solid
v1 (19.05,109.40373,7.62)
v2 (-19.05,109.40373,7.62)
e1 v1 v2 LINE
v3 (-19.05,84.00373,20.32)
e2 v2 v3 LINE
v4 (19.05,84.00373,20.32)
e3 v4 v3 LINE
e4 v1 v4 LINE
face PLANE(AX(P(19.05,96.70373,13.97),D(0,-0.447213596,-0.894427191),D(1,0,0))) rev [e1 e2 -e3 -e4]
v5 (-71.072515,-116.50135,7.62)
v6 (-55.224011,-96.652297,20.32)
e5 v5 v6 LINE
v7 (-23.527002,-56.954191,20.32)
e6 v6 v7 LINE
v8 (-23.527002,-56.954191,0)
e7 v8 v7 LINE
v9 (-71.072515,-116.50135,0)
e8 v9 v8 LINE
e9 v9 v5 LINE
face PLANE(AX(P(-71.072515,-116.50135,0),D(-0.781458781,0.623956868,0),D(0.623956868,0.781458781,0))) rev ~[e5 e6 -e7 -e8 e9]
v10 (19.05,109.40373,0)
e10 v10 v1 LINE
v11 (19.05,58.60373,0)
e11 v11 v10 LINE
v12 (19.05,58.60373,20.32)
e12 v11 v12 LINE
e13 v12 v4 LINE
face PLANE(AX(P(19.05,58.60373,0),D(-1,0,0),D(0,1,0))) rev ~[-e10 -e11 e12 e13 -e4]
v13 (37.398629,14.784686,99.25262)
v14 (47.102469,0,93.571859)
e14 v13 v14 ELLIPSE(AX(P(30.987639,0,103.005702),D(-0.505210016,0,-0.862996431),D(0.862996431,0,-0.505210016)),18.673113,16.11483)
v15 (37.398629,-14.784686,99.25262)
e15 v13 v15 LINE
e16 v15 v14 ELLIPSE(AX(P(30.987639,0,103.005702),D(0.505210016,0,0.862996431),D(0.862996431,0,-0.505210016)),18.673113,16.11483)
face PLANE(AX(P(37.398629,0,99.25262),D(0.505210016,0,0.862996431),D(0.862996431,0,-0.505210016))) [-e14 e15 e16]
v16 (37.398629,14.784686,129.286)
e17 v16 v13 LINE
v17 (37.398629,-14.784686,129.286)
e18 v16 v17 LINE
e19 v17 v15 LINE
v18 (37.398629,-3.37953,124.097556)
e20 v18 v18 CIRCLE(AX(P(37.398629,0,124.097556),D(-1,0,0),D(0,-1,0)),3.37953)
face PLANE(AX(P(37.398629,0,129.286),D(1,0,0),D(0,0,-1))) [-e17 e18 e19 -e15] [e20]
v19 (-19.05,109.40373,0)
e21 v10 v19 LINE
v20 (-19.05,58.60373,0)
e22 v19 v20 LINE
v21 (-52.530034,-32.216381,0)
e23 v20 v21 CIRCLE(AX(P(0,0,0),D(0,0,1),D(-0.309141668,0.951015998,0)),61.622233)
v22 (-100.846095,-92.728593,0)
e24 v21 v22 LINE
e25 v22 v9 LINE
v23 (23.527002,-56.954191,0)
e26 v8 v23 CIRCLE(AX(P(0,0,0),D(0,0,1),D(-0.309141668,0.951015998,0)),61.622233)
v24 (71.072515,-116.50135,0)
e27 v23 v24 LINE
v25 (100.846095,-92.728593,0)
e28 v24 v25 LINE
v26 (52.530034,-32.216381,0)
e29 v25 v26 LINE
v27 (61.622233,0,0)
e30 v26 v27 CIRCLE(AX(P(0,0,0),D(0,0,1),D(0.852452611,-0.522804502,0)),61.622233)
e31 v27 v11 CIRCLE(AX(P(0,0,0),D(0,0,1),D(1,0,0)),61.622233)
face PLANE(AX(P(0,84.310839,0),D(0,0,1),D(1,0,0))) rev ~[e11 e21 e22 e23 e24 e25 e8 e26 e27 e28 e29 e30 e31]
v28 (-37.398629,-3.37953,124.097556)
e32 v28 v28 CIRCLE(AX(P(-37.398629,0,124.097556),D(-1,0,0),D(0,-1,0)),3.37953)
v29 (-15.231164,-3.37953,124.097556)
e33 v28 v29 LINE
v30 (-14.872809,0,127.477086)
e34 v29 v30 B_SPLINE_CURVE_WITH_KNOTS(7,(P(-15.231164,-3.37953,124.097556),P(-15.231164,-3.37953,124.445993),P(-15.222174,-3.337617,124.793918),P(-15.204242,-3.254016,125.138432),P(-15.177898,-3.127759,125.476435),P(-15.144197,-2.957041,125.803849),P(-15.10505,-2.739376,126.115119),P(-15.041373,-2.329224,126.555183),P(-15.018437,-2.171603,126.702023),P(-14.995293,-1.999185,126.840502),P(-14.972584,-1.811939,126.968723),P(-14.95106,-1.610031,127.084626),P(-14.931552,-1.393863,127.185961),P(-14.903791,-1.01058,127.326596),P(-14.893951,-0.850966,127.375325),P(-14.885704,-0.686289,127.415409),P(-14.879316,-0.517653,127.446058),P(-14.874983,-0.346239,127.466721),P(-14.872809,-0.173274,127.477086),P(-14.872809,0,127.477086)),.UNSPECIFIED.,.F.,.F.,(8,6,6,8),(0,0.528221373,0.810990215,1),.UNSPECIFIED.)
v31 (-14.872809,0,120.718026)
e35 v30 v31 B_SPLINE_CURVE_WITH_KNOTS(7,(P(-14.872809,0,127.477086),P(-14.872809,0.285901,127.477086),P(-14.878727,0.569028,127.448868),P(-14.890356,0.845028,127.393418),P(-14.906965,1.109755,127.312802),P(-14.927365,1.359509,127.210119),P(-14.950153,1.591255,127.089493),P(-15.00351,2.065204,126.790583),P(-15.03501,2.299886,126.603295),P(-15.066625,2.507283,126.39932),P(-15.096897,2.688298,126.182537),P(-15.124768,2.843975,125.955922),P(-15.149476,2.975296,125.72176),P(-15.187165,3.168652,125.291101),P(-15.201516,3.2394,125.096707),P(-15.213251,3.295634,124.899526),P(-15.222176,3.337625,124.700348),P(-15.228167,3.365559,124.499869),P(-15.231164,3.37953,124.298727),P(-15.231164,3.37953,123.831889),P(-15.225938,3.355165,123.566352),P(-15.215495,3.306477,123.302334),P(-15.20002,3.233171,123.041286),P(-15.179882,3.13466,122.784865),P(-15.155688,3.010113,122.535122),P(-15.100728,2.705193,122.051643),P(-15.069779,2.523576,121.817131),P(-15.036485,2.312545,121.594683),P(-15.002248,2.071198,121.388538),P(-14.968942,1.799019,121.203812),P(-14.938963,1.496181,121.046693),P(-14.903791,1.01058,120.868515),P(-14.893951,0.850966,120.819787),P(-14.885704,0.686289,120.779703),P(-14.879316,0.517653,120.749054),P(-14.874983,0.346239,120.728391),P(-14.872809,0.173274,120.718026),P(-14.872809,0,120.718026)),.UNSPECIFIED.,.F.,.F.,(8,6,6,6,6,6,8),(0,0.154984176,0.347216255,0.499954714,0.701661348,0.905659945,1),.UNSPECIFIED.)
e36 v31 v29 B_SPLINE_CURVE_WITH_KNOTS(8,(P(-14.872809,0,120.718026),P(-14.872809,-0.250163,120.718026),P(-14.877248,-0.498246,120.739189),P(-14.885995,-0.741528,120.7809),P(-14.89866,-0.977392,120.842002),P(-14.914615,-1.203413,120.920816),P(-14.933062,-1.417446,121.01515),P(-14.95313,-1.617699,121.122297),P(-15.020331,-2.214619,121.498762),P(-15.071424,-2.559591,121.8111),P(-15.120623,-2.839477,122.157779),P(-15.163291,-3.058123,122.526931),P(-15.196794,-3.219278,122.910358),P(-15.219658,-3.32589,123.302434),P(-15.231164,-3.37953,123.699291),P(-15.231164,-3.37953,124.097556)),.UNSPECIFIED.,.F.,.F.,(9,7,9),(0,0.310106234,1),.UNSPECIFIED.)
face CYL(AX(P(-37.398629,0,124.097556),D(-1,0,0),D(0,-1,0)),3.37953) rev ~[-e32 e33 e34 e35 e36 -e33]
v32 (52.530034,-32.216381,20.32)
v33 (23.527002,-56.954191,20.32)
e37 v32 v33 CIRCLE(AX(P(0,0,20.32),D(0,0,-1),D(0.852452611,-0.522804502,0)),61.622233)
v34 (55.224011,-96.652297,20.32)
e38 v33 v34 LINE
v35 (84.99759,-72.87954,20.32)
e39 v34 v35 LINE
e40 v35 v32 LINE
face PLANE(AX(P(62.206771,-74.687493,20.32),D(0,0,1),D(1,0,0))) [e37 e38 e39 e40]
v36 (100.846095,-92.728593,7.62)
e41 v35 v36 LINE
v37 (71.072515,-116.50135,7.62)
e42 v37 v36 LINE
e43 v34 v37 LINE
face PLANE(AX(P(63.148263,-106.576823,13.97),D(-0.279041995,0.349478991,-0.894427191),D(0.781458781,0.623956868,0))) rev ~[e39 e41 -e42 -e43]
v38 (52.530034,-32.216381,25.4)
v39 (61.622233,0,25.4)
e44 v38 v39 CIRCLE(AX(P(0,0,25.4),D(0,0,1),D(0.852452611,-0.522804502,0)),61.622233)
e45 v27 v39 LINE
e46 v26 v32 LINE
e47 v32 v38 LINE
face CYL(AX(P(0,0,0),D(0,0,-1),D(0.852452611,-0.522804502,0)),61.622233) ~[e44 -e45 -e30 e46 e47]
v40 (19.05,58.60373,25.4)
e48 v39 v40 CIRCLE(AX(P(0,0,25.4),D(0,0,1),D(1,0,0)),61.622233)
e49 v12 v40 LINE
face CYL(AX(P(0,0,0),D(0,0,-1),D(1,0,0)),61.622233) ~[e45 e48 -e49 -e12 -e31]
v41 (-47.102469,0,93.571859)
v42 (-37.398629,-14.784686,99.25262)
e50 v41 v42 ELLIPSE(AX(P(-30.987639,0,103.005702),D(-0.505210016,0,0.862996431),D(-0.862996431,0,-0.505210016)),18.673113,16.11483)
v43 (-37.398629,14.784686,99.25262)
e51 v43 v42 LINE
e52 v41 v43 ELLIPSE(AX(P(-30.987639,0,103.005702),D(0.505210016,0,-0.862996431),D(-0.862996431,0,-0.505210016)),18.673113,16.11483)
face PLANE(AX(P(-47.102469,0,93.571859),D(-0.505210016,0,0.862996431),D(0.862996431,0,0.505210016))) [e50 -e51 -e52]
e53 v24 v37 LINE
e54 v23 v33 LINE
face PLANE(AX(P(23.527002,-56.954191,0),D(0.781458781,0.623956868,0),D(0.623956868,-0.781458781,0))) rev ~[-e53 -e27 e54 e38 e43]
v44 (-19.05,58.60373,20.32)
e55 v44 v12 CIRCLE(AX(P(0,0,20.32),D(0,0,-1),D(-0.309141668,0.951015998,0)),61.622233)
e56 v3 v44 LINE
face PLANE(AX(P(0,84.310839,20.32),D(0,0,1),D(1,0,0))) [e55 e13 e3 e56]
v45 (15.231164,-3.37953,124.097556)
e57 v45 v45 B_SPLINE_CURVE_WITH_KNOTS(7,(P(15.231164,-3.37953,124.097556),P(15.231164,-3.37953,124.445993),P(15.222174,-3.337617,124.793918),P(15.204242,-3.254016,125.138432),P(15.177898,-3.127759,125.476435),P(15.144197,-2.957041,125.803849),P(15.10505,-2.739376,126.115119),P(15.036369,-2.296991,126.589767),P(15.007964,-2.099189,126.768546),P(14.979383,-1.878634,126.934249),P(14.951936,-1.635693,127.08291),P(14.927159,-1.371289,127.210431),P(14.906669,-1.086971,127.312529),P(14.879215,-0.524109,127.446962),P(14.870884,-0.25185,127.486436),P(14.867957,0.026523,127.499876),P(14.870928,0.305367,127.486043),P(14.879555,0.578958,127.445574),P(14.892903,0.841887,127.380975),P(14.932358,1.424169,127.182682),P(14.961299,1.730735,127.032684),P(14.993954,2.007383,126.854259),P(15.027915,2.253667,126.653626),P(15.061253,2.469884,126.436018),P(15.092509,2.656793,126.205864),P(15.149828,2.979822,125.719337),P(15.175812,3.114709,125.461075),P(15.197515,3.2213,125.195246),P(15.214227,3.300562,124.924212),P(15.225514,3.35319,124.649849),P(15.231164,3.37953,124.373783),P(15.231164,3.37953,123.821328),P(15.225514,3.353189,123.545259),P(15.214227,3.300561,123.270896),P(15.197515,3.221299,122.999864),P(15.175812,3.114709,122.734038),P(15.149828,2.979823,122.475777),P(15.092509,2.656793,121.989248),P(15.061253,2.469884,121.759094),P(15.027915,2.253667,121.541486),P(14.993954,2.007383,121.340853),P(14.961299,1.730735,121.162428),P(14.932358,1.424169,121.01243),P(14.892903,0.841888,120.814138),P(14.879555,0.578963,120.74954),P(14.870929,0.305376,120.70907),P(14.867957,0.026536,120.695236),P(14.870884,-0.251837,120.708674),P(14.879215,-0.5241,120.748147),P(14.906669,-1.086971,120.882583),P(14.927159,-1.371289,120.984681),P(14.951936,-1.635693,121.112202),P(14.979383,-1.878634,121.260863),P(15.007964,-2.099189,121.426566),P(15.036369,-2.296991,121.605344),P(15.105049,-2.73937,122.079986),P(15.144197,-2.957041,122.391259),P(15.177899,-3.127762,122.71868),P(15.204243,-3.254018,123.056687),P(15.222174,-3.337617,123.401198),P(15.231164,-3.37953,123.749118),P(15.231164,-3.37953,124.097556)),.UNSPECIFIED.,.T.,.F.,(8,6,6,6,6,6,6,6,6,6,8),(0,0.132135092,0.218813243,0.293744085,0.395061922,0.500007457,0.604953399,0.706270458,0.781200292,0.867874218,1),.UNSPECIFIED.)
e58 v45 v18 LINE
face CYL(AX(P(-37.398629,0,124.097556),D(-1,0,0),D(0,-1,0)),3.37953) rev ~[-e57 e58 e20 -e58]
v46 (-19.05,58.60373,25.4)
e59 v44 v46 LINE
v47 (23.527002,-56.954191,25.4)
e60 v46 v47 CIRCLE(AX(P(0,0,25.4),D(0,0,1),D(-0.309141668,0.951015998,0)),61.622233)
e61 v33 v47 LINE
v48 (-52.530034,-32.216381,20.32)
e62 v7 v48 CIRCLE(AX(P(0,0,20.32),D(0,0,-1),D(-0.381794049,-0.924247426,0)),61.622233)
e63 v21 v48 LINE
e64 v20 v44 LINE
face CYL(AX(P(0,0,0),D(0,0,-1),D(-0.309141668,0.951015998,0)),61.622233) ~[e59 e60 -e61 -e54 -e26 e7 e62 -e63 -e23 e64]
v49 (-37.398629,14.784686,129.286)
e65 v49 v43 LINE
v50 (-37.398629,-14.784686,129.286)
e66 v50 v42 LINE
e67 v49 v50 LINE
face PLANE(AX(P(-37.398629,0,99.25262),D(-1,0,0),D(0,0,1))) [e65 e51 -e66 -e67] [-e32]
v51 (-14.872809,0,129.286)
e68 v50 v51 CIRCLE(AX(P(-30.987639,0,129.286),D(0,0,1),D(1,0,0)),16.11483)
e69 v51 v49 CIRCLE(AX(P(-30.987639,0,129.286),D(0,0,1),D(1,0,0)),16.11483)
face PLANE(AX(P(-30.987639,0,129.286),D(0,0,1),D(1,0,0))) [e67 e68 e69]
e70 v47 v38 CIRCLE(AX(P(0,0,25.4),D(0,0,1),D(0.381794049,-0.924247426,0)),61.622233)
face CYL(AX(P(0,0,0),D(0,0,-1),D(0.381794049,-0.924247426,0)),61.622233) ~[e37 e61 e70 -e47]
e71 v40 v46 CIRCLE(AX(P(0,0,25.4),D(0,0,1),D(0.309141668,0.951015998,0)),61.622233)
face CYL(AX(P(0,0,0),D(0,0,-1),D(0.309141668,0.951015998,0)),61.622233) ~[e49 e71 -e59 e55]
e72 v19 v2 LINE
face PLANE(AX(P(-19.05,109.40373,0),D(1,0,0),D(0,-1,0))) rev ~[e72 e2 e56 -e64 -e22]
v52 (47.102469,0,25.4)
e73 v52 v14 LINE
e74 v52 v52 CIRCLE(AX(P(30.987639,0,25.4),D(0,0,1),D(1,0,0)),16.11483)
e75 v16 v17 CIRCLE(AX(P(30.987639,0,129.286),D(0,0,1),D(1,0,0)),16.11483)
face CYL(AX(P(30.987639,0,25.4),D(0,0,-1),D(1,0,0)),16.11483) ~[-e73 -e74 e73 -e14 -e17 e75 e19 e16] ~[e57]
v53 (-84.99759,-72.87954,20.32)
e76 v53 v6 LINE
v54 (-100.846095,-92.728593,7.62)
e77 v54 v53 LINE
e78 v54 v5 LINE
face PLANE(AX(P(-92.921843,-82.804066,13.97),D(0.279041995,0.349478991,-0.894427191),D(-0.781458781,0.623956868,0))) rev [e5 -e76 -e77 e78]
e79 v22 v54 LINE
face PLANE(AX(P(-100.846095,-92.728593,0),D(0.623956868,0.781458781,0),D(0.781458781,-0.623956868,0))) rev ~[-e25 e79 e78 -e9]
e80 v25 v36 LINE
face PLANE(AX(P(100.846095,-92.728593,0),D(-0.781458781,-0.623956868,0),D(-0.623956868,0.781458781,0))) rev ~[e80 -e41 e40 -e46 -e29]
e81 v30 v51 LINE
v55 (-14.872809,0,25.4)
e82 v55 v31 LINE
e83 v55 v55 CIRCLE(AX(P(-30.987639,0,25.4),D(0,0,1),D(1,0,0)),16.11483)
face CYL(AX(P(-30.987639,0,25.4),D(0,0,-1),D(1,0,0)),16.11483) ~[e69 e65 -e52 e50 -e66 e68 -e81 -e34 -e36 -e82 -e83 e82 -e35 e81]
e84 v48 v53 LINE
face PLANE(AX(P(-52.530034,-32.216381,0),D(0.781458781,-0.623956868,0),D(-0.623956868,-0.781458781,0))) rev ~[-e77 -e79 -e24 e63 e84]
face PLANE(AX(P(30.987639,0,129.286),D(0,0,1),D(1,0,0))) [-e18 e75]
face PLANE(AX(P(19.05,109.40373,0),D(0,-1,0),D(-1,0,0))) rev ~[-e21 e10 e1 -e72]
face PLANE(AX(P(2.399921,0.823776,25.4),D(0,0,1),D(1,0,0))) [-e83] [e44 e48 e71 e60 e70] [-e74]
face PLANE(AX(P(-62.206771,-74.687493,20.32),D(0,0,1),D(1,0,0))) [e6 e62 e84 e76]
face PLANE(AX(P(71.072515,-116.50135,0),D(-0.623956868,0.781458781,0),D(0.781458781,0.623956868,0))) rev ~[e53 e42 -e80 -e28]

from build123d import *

# Parameters (mm, degrees)
F1_DEPTH      = 25.4
F2_DEPTH      = 20.32
F3_SIZE2      = 12.7
F3_SIZE       = 25.4
F4_SIZE2      = 25.4
F4_SIZE       = 12.7
F4_2_SIZE2    = 25.4
F4_2_SIZE     = 12.7
F5_R          = 16.1148296274
F6_DEPTH      = 103.886
F8_DEPTH      = 109.4047297446
F8_DEPTH_BACK = 116.5023496438
F9_R          = 3.3795298113
F10_DEPTH     = 138.2457237613


with BuildPart() as f1:
    # F0 (on Top) → F1 (new body)
    with BuildSketch(Plane.XY):
        with BuildLine():
            ThreePointArc((52.5300336642, -32.2163809765), (59.3056389857, -16.7374079377), (61.6222333252, 0))
            ThreePointArc((61.6222333252, 0), (49.8558080108, 36.2173721792), (19.05, 58.6037297446))
            ThreePointArc((19.05, 58.6037297446), (0, 61.6222333252), (-19.05, 58.6037297446))
            ThreePointArc((-19.05, 58.6037297446), (-57.8186685482, 21.31434276), (-52.5300336642, -32.2163809765))
            ThreePointArc((-52.5300336642, -32.2163809765), (-39.9894732611, -46.8843435305), (-23.5270019404, -56.9541905366))
            ThreePointArc((-23.5270019404, -56.9541905366), (0, -61.6222333252), (23.5270019404, -56.9541905366))
            ThreePointArc((23.5270019404, -56.9541905366), (39.9894732611, -46.8843435305), (52.5300336642, -32.2163809765))
        make_face()
    extrude(amount=F1_DEPTH)

    # F0 (on Top) → F2 (join)
    with BuildSketch(Plane.XY):
        with BuildLine():
            ThreePointArc((-23.5270019404, -56.9541905366), (-39.9894732611, -46.8843435305), (-52.5300336642, -32.2163809765))
            Line((-52.5300336642, -32.2163809765), (-100.8460948708, -92.7285929554))
            Line((-100.8460948708, -92.7285929554), (-71.0725153171, -116.5013496438))
            Line((-71.0725153171, -116.5013496438), (-23.5270019404, -56.9541905366))
        make_face()
        with BuildLine():
            ThreePointArc((-19.05, 58.6037297446), (0, 61.6222333252), (19.05, 58.6037297446))
            Line((19.05, 58.6037297446), (19.05, 109.4037297446))
            Line((19.05, 109.4037297446), (-19.05, 109.4037297446))
            Line((-19.05, 109.4037297446), (-19.05, 58.6037297446))
        make_face()
        with BuildLine():
            Line((100.8460948708, -92.7285929554), (52.5300336642, -32.2163809765))
            ThreePointArc((52.5300336642, -32.2163809765), (39.9894732611, -46.8843435305), (23.5270019404, -56.9541905366))
            Line((23.5270019404, -56.9541905366), (71.0725153171, -116.5013496438))
            Line((71.0725153171, -116.5013496438), (100.8460948708, -92.7285929554))
        make_face()
    extrude(amount=F2_DEPTH)

    # F3
    f3_edges = [f1.edges().sort_by_distance(p)[0] for p in [
        (85.959305, -104.614971, 20.32),
    ]]
    f3_side = f1.faces().sort_by_distance((62.662137, -75.354715, 20.32))[0]
    chamfer(f3_edges, length=F3_SIZE, length2=F3_SIZE2, reference=f3_side)

    # F4
    f4_edges = [f1.edges().sort_by_distance(p)[0] for p in [
        (-85.959305, -104.614971, 20.32),
    ]]
    f4_side = f1.faces().sort_by_distance((-85.959305, -104.614971, 10.16))[0]
    chamfer(f4_edges, length=F4_SIZE, length2=F4_SIZE2, reference=f4_side)

    # F4#2
    f4_2_edges = [f1.edges().sort_by_distance(p)[0] for p in [
        (0, 109.40373, 20.32),
    ]]
    f4_2_side = f1.faces().sort_by_distance((0, 109.40373, 10.16))[0]
    chamfer(f4_2_edges, length=F4_2_SIZE, length2=F4_2_SIZE2, reference=f4_2_side)

    # F5 (on face) → F6 (join)
    with BuildSketch(Plane.XY.offset(25.4)):
        with Locations((-30.9876389802, 0)):
            Circle(F5_R)
        with Locations((30.9876389802, 0)):
            Circle(F5_R)
    extrude(amount=F6_DEPTH)

    # F7 (on Front) → F8 (cut, two sides)
    with BuildSketch(Plane.XZ) as f8_sk:
        Polygon((47.1024686075, 129.286), (37.3986288905, 129.286), (37.3986288905, 99.2526204783), (47.1024686075, 93.5718588345), align=None)
        Polygon((-47.1024686075, 129.286), (-47.1024686075, 93.5718588345), (-37.3986288905, 99.2526204783), (-37.3986288905, 129.286), align=None)
    extrude(amount=-F8_DEPTH, mode=Mode.SUBTRACT)
    extrude(f8_sk.sketch, amount=F8_DEPTH_BACK, mode=Mode.SUBTRACT)

    # F9 (on face) → F10 (cut, through all)
    with BuildSketch(Plane(origin=(-37.3986288905, 0, 0), x_dir=(0, -1, 0), z_dir=(-1, 0, 0))):
        with Locations((0, 124.0975558758)):
            Circle(F9_R)
    extrude(amount=-F10_DEPTH, mode=Mode.SUBTRACT)


solid = f1.part
